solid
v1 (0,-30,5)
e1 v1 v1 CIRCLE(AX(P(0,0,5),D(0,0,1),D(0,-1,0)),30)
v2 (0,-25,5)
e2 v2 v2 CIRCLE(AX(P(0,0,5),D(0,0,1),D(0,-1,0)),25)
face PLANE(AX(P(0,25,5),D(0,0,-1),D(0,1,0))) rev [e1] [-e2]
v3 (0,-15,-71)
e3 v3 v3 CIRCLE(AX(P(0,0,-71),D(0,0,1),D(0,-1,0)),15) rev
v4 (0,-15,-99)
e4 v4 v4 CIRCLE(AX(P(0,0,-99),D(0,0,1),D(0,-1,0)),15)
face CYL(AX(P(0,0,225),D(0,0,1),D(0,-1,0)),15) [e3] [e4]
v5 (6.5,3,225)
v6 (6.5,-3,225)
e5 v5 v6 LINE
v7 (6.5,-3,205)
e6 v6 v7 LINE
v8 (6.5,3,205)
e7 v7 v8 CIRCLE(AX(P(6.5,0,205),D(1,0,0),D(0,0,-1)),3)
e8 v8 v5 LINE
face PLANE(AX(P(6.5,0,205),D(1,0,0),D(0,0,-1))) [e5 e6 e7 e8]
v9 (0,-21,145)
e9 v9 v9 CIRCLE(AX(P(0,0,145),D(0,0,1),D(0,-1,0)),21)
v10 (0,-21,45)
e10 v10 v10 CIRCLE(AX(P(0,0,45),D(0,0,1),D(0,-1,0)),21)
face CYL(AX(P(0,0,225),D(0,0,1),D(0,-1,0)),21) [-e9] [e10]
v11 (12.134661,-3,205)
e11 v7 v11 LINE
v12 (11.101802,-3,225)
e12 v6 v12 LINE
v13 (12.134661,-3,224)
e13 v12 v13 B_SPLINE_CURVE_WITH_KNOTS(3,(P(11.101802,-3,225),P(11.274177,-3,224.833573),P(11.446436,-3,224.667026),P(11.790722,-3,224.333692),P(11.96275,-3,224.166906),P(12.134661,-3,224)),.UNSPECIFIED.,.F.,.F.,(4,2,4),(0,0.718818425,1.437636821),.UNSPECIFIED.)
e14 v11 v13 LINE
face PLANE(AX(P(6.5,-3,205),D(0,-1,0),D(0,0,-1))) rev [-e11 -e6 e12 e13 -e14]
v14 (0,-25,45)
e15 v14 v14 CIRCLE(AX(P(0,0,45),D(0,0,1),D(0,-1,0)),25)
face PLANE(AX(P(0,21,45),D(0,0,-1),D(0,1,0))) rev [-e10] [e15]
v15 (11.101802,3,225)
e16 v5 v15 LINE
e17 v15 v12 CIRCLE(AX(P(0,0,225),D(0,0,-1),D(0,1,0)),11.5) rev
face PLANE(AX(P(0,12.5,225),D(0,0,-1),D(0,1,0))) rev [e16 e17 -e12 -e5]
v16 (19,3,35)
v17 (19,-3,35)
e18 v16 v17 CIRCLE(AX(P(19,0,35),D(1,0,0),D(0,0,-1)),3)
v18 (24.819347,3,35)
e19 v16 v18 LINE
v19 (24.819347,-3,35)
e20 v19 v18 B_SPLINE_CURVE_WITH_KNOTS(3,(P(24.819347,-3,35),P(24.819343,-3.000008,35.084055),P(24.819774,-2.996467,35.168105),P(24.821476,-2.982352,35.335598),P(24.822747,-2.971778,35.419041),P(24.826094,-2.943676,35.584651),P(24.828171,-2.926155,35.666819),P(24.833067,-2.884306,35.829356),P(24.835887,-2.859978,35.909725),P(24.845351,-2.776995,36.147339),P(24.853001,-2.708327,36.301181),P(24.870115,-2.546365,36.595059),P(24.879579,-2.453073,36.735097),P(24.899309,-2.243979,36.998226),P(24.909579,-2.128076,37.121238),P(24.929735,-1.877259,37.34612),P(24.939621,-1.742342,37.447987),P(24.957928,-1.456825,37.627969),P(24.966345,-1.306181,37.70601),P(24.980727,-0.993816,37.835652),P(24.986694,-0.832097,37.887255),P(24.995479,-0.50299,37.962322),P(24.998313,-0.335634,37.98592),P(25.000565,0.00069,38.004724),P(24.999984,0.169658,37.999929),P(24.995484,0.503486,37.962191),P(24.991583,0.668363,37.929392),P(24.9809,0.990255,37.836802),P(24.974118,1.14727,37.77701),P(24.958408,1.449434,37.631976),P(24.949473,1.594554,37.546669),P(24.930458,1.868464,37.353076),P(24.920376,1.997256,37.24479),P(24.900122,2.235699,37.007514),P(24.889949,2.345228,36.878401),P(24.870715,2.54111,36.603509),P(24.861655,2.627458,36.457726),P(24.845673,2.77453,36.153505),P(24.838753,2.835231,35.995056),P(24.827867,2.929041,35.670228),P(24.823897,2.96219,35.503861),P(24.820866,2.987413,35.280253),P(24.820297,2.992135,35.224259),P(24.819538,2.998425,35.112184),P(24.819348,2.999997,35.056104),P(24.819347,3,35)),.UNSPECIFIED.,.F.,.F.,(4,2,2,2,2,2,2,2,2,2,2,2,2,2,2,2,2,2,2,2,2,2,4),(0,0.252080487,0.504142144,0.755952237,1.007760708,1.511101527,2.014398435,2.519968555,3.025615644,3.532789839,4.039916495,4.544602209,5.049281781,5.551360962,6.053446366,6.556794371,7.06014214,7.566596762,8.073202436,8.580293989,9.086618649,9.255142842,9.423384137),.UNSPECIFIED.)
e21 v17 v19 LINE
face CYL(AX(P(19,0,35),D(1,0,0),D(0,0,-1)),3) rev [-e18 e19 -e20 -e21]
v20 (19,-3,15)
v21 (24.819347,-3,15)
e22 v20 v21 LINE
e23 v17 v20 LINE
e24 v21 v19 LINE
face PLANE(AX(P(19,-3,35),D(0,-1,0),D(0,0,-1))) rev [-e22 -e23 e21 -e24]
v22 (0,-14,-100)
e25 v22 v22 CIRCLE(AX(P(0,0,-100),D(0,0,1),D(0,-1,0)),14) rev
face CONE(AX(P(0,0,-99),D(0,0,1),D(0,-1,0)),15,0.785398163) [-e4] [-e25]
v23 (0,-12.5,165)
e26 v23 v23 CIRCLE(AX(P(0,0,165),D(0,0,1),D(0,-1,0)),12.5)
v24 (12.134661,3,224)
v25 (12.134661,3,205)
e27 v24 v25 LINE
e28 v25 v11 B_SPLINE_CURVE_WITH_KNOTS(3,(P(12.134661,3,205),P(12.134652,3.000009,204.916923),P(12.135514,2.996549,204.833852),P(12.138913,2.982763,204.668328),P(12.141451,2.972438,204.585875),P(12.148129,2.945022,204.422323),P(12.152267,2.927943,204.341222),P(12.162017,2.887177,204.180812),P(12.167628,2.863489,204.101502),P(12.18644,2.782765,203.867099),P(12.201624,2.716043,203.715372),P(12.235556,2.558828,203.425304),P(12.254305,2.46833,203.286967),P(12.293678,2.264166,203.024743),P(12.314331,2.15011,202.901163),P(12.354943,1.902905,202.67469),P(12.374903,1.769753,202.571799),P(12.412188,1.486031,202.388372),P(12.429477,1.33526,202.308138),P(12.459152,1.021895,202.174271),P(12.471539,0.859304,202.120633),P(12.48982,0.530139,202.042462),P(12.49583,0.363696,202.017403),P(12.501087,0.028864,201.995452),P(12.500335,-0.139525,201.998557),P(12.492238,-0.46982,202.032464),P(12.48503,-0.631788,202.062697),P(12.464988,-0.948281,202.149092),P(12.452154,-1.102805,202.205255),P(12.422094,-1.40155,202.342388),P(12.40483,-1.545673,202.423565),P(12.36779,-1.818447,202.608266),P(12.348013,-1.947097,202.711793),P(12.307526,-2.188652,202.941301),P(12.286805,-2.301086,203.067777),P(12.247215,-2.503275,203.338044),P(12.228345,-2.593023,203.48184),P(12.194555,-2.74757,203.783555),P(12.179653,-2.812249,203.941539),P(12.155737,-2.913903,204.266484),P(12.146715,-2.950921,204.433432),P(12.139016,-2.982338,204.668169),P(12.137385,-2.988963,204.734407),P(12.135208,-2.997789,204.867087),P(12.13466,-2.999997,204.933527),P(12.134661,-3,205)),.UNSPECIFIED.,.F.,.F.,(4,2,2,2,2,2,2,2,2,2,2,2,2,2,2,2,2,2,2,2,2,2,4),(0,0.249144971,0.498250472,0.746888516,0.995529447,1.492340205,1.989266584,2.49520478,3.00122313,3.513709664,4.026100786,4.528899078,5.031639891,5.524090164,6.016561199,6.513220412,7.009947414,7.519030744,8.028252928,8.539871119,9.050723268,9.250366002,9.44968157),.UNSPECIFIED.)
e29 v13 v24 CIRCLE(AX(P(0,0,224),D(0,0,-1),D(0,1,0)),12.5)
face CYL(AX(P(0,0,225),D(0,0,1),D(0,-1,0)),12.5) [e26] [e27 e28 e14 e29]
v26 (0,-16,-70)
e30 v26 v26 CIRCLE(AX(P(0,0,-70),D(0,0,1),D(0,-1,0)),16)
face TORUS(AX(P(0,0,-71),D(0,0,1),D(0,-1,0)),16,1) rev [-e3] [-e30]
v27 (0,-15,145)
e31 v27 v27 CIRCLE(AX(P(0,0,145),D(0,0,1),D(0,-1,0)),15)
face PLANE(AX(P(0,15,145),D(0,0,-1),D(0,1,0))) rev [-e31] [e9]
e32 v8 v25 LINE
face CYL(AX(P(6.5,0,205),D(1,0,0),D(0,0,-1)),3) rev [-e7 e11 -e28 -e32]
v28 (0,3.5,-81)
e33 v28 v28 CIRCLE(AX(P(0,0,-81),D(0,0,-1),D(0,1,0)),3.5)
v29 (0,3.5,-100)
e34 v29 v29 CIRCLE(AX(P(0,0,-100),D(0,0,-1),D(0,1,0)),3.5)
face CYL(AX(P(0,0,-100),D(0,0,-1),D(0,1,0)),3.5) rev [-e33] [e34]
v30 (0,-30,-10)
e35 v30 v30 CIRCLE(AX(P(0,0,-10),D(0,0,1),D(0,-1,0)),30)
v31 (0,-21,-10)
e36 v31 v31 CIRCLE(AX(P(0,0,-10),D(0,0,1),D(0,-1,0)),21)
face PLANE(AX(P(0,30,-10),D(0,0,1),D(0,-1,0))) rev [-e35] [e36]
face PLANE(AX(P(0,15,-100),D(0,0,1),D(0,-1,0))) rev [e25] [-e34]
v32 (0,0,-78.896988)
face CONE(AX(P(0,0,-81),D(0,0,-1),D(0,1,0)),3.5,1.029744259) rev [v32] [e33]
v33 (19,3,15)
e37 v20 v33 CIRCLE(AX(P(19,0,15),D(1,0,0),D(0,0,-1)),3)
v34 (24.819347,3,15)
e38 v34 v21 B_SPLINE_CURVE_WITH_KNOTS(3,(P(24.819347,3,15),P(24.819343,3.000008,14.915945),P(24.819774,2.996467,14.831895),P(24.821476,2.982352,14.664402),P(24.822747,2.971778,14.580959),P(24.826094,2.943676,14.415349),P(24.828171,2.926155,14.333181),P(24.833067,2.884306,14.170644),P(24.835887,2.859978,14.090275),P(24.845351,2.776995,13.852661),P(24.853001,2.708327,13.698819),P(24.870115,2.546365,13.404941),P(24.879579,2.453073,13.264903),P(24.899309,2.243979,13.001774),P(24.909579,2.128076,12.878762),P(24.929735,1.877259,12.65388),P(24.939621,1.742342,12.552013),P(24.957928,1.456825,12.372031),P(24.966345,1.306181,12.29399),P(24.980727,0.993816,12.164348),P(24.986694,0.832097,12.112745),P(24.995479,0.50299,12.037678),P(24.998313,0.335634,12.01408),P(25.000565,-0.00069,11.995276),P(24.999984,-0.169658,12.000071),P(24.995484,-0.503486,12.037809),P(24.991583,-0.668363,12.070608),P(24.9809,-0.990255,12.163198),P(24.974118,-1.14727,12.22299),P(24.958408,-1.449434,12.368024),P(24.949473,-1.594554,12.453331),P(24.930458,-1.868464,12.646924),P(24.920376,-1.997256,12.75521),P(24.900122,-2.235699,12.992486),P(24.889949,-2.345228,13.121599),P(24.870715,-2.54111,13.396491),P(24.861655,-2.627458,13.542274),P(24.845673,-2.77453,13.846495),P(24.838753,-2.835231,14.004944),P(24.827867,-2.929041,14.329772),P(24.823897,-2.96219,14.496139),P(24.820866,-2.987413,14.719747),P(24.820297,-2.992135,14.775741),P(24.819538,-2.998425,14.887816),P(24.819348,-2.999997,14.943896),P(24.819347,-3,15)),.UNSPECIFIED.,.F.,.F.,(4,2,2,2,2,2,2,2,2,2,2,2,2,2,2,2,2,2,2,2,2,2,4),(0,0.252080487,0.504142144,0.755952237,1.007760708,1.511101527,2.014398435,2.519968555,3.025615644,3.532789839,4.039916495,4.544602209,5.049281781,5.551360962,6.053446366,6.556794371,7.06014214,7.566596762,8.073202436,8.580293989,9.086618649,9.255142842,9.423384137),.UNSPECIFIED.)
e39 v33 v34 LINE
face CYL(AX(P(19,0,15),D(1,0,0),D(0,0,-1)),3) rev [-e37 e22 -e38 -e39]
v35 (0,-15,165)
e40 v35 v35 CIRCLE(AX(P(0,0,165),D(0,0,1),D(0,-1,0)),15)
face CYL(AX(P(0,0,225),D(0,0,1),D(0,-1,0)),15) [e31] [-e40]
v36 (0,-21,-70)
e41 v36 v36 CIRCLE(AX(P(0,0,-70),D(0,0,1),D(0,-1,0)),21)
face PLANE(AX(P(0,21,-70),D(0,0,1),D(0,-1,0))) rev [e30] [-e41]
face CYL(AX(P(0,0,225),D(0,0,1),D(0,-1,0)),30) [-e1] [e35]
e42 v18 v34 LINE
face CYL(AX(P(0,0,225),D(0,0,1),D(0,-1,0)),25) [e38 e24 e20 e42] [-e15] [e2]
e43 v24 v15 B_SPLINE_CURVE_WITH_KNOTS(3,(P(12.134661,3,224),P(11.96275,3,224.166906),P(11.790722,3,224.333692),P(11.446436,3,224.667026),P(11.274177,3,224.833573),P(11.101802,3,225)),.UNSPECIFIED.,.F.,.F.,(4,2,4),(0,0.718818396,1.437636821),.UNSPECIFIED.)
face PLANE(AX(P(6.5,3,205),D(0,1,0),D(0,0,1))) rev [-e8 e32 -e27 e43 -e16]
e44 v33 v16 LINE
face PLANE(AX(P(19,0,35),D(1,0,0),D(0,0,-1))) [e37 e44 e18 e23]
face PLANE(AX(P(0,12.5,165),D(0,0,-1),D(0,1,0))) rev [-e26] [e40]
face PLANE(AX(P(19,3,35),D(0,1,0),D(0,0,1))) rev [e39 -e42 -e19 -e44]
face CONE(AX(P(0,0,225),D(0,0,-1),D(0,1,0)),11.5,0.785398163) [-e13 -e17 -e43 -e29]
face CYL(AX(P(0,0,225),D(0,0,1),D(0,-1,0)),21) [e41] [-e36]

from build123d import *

# Parameters (mm, degrees)
M8X1_0_TAPPED_HOLE1_D     = 7
M8X1_0_TAPPED_HOLE1_DEPTH = 19
M8X1_0_TAPPED_HOLE1_TIP   = 2.103012167
CUT_EXTRUDE3_DEPTH        = 6
CUT_EXTRUDE4_DEPTH        = 6
CHAMFER1_SIZE             = 1
FILLET1_R                 = 1


with BuildPart() as part:
    # Sketch2 → Revolve1 (revolve)
    with BuildSketch(Plane(origin=(0, 0, 0), x_dir=(0, 0, -1), z_dir=(1, 0, 0))):
        Polygon((-225, 12.5), (-225, 0), (100, 0), (100, 15), (70, 15), (70, 21), (10, 21), (10, 30), (-5, 30), (-5, 25), (-45, 25), (-45, 21), (-145, 21), (-145, 15), (-165, 15), (-165, 12.5), align=None)
    revolve(axis=Axis((0, 0, 225), (0, 0, -1)))

    # M8x1.0 Tapped Hole1
    with Locations(Plane(origin=(0, 0, -100), x_dir=(0, -1, 0), z_dir=(0, 0, -1))):
        with Locations((0, 0)):
            Hole(M8X1_0_TAPPED_HOLE1_D / 2, depth=M8X1_0_TAPPED_HOLE1_DEPTH)
            with Locations((0, 0, -(M8X1_0_TAPPED_HOLE1_DEPTH + M8X1_0_TAPPED_HOLE1_TIP / 2))):  # 118° drill point
                Cone(0, M8X1_0_TAPPED_HOLE1_D / 2, M8X1_0_TAPPED_HOLE1_TIP, mode=Mode.SUBTRACT)

    # Sketch4 → Cut-Extrude3 (cut)
    with BuildSketch(Plane(origin=(12.5, 0, 0), x_dir=(0, 0, -1), z_dir=(1, 0, 0))):
        with BuildLine():
            Line((-205, 3), (-225, 3))
            Line((-225, 3), (-225, -3))
            Line((-225, -3), (-205, -3))
            ThreePointArc((-205, -3), (-202, 0), (-205, 3))
        make_face()
    extrude(amount=-CUT_EXTRUDE3_DEPTH, mode=Mode.SUBTRACT)

    # Sketch5 → Cut-Extrude4 (cut)
    with BuildSketch(Plane(origin=(25, 0, 0), x_dir=(0, 0, -1), z_dir=(1, 0, 0))):
        with BuildLine():
            Line((-35, 3), (-15, 3))
            ThreePointArc((-15, 3), (-12, 0), (-15, -3))
            Line((-15, -3), (-35, -3))
            ThreePointArc((-35, -3), (-38, 0), (-35, 3))
        make_face()
    extrude(amount=-CUT_EXTRUDE4_DEPTH, mode=Mode.SUBTRACT)

    # Chamfer1
    chamfer1_edges = [part.edges().sort_by_distance(p)[0] for p in [
        (0, -15, -100),
        (-9.842509843, -7.705517504, 225),
    ]]
    chamfer(chamfer1_edges, length=CHAMFER1_SIZE)

    # Fillet1
    fillet1_edges = [part.edges().sort_by_distance(p)[0] for p in [
        (0, -15, -70),
    ]]
    fillet(fillet1_edges, radius=FILLET1_R)


solid = part.part
